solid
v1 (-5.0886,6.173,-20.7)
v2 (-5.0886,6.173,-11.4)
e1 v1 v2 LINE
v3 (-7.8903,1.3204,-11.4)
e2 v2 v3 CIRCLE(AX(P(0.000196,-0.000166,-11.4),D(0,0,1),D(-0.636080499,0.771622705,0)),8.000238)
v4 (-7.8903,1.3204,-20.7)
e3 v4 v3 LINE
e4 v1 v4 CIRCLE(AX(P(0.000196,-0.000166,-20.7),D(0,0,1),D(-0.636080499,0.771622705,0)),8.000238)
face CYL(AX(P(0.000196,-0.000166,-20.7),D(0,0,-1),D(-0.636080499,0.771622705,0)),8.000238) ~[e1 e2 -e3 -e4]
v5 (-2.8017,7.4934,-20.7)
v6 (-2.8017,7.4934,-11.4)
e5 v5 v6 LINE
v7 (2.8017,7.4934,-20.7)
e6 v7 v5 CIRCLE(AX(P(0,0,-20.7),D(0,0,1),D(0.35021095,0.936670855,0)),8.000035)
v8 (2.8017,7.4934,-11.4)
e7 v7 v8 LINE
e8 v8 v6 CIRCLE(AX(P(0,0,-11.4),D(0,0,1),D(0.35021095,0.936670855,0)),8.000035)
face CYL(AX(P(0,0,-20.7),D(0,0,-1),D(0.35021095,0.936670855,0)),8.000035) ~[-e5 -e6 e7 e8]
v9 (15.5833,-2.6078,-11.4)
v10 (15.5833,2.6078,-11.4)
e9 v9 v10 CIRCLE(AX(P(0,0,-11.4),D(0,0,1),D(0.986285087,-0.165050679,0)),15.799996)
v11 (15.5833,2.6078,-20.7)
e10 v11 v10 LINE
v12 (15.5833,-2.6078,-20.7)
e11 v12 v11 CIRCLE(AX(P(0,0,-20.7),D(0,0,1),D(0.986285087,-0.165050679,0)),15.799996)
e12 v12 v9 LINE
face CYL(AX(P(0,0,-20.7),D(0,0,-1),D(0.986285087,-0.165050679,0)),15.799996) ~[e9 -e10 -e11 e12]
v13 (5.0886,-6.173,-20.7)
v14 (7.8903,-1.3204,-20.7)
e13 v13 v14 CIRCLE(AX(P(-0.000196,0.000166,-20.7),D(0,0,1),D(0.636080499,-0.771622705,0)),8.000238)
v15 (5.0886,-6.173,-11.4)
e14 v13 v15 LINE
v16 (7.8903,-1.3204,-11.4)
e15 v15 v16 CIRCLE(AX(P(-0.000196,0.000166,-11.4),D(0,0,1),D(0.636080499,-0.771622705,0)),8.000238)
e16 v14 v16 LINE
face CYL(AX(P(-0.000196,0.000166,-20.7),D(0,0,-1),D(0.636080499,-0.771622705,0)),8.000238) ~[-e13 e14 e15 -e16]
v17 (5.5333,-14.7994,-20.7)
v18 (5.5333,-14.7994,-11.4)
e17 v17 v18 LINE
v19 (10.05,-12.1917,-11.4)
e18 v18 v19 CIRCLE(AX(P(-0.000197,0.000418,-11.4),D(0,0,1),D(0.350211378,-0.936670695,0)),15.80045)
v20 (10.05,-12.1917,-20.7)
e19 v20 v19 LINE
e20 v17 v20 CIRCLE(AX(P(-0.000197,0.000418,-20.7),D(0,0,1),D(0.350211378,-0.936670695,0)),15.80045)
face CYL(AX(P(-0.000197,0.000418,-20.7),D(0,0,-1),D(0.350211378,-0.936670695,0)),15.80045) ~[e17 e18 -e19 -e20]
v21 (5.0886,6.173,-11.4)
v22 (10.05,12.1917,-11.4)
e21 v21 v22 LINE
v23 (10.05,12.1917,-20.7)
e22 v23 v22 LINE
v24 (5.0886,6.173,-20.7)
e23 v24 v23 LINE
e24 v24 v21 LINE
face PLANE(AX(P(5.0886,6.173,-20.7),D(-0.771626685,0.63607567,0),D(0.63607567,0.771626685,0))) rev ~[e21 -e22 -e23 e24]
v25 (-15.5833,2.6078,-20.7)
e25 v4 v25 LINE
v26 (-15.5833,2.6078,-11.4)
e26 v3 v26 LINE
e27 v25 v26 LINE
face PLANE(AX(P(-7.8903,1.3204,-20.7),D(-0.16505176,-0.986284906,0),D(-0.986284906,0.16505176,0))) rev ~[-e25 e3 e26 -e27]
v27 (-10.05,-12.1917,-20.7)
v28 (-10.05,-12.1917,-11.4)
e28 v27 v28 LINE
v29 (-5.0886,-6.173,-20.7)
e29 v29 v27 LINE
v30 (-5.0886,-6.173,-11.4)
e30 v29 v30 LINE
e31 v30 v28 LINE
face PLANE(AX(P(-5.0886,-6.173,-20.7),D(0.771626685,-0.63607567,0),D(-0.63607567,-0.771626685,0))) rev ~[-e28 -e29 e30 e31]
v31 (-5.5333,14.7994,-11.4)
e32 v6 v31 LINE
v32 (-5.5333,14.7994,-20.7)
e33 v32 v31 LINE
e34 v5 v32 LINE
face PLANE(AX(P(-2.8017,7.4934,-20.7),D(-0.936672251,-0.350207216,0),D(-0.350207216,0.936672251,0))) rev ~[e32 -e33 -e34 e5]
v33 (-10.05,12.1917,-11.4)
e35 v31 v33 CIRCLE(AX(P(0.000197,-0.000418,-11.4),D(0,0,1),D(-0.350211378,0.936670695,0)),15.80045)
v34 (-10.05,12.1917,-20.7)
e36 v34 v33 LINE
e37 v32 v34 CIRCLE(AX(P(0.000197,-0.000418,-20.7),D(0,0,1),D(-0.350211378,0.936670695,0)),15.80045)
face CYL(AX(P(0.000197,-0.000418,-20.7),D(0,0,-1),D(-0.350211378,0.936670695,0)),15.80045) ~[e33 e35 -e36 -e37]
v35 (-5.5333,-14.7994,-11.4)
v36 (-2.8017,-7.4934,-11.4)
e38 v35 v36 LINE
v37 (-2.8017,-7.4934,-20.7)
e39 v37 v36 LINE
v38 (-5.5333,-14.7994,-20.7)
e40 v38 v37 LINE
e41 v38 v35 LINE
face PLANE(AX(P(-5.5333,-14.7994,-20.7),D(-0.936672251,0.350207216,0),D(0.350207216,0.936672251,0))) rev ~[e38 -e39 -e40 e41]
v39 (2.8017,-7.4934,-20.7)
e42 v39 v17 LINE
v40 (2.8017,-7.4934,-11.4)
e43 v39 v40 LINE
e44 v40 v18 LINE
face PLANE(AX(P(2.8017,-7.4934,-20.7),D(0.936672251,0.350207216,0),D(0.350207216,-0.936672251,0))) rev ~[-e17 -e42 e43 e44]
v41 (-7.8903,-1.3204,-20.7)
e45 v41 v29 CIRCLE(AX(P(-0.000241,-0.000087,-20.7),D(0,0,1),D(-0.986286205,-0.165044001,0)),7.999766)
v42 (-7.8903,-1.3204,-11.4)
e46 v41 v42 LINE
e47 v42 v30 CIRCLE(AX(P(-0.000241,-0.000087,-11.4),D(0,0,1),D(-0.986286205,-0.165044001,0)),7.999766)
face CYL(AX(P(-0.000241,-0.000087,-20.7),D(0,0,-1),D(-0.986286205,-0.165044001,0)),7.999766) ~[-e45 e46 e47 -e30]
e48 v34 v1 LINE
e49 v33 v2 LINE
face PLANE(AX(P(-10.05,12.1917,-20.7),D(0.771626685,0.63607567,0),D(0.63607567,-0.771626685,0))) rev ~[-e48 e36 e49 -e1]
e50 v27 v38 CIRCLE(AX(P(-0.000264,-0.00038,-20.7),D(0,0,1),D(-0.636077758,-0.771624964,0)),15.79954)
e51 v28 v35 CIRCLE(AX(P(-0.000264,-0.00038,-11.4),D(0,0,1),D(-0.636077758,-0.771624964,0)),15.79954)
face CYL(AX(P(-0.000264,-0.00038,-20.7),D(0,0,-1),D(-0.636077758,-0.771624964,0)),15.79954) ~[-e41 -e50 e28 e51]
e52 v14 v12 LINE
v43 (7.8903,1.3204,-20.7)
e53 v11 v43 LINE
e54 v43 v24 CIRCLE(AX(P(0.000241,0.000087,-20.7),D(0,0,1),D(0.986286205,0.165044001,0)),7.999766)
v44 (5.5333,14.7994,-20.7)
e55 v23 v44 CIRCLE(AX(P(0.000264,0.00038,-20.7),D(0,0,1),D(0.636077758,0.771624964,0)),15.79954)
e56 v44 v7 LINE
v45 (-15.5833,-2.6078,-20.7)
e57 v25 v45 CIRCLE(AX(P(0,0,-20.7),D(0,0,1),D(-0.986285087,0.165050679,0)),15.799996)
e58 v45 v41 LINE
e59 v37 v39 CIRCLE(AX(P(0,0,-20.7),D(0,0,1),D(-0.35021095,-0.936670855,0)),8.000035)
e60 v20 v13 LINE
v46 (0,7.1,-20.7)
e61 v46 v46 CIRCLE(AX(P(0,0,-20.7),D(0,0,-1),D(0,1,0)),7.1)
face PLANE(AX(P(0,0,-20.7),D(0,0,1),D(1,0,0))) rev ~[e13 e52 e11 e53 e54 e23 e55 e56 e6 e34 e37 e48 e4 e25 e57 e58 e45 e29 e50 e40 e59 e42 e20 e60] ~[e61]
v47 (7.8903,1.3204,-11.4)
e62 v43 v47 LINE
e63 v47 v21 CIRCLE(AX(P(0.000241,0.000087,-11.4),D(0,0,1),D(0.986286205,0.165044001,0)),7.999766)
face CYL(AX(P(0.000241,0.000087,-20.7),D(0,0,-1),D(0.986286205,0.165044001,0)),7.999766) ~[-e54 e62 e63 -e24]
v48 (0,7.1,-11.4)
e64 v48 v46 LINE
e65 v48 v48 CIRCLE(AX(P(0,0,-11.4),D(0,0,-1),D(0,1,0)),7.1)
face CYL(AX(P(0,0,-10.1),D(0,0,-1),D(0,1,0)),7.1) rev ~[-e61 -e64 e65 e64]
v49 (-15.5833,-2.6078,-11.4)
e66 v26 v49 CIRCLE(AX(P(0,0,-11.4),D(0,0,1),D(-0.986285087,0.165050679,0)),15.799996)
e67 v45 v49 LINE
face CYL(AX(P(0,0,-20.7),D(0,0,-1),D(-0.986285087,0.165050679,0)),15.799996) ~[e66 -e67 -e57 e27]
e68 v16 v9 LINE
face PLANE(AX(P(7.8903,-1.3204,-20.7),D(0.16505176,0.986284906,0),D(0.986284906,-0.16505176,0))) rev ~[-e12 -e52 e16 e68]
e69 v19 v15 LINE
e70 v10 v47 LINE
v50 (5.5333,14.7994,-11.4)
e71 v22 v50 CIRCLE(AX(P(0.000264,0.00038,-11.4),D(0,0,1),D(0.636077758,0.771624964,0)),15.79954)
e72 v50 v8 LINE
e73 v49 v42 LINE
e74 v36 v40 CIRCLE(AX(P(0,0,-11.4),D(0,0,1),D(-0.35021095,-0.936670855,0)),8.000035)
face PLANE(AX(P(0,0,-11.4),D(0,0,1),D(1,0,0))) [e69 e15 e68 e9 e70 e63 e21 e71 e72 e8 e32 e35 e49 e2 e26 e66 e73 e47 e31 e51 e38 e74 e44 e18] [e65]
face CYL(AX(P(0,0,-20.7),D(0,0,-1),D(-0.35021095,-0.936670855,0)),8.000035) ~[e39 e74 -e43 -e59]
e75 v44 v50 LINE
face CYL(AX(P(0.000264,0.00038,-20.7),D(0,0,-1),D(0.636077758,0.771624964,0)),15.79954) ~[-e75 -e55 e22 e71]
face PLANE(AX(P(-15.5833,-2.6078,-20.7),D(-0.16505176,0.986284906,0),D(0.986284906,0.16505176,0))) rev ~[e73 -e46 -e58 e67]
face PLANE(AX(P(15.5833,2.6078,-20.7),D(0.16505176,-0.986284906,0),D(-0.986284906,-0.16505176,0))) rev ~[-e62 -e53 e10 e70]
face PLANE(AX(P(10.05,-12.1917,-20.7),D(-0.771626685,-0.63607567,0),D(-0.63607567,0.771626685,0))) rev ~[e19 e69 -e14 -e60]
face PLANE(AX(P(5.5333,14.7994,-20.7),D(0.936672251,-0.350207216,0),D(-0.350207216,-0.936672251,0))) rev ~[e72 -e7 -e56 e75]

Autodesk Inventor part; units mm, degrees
sketch "Sketch_4" plane through (0, 0, -20.7) normal (0, 0, 1) x (1, 0, 0)
  arc A0 (-15.5833, 2.6078) -> (-15.5833, -2.6078) centre (0, 0) ccw
  line L0 (-15.5833, -2.6078) -> (-7.8903, -1.3204)
  arc A1 (-7.8903, -1.3204) -> (-5.0886, -6.173) centre (0, 0) ccw
  line L1 (-5.0886, -6.173) -> (-10.05, -12.1917)
  arc A2 (-10.05, -12.1917) -> (-5.5333, -14.7994) centre (0, 0) ccw
  line L2 (-5.5333, -14.7994) -> (-2.8017, -7.4934)
  arc A3 (-2.8017, -7.4934) -> (2.8017, -7.4934) centre (0, 0) ccw
  line L3 (2.8017, -7.4934) -> (5.5333, -14.7994)
  arc A4 (5.5333, -14.7994) -> (10.05, -12.1917) centre (0, 0) ccw
  line L4 (10.05, -12.1917) -> (5.0886, -6.173)
  arc A5 (5.0886, -6.173) -> (7.8903, -1.3204) centre (0, 0) ccw
  line L5 (7.8903, -1.3204) -> (15.5833, -2.6078)
  arc A6 (15.5833, -2.6078) -> (15.5833, 2.6078) centre (0, 0) ccw
  line L6 (15.5833, 2.6078) -> (7.8903, 1.3204)
  arc A7 (7.8903, 1.3204) -> (5.0886, 6.173) centre (0, 0) ccw
  line L7 (5.0886, 6.173) -> (10.05, 12.1917)
  arc A8 (10.05, 12.1917) -> (5.5333, 14.7994) centre (0, 0) ccw
  line L8 (5.5333, 14.7994) -> (2.8017, 7.4934)
  arc A9 (2.8017, 7.4934) -> (-2.8017, 7.4934) centre (0, 0) ccw
  line L9 (-2.8017, 7.4934) -> (-5.5333, 14.7994)
  arc A10 (-5.5333, 14.7994) -> (-10.05, 12.1917) centre (0, 0) ccw
  line L10 (-10.05, 12.1917) -> (-5.0886, 6.173)
  arc A11 (-5.0886, 6.173) -> (-7.8903, 1.3204) centre (0, 0) ccw
  line L11 (-7.8903, 1.3204) -> (-15.5833, 2.6078)
extrude "Extrusion5" add sketch "Sketch_4" along normal blind 9.3
sketch "Sketch_9" plane through (0, 0, 0) normal (1, 0, 0) x (0, 1, 0)
  line L0 (0, -52) -> (0, 0)
  line L1 (0, 0) -> (5.5, 0)
  line L2 (5.5, 0) -> (5.5, -10.1)
  line L3 (5.5, -10.1) -> (7.1, -10.1)
  line L4 (7.1, -10.1) -> (7.1, -21.8)
  line L5 (7.1, -21.8) -> (4.5, -21.8)
  line L6 (4.5, -21.8) -> (4.5, -24.3)
  line L7 (4.5, -24.3) -> (2.067, -24.3)
  line L8 (2.067, -24.3) -> (2.067, -51.567)
  line L9 (2.067, -51.567) -> (2.5, -52)
  line L10 (2.5, -52) -> (0, -52)
  line L11 (0, -52) -> (0, 0)
revolve "Revolution3" cut sketch "Sketch_9" angle 360 about axis through (0, 0, -52) along (0, 0, -1)
ref_plane "KUPPLUNG_XY" through (0, 0, 0) normal (0, 0, 1) x (1, 0, 0)
ref_plane "KUPPLUNG_YZ" through (0, 0, 0) normal (1, 0, 0) x (0, 1, 0)
ref_plane "KUPPLUNG_ZX" through (0, 0, 0) normal (0, 1, 0) x (0, 0, 1)
properties part number "coupling_conn"
